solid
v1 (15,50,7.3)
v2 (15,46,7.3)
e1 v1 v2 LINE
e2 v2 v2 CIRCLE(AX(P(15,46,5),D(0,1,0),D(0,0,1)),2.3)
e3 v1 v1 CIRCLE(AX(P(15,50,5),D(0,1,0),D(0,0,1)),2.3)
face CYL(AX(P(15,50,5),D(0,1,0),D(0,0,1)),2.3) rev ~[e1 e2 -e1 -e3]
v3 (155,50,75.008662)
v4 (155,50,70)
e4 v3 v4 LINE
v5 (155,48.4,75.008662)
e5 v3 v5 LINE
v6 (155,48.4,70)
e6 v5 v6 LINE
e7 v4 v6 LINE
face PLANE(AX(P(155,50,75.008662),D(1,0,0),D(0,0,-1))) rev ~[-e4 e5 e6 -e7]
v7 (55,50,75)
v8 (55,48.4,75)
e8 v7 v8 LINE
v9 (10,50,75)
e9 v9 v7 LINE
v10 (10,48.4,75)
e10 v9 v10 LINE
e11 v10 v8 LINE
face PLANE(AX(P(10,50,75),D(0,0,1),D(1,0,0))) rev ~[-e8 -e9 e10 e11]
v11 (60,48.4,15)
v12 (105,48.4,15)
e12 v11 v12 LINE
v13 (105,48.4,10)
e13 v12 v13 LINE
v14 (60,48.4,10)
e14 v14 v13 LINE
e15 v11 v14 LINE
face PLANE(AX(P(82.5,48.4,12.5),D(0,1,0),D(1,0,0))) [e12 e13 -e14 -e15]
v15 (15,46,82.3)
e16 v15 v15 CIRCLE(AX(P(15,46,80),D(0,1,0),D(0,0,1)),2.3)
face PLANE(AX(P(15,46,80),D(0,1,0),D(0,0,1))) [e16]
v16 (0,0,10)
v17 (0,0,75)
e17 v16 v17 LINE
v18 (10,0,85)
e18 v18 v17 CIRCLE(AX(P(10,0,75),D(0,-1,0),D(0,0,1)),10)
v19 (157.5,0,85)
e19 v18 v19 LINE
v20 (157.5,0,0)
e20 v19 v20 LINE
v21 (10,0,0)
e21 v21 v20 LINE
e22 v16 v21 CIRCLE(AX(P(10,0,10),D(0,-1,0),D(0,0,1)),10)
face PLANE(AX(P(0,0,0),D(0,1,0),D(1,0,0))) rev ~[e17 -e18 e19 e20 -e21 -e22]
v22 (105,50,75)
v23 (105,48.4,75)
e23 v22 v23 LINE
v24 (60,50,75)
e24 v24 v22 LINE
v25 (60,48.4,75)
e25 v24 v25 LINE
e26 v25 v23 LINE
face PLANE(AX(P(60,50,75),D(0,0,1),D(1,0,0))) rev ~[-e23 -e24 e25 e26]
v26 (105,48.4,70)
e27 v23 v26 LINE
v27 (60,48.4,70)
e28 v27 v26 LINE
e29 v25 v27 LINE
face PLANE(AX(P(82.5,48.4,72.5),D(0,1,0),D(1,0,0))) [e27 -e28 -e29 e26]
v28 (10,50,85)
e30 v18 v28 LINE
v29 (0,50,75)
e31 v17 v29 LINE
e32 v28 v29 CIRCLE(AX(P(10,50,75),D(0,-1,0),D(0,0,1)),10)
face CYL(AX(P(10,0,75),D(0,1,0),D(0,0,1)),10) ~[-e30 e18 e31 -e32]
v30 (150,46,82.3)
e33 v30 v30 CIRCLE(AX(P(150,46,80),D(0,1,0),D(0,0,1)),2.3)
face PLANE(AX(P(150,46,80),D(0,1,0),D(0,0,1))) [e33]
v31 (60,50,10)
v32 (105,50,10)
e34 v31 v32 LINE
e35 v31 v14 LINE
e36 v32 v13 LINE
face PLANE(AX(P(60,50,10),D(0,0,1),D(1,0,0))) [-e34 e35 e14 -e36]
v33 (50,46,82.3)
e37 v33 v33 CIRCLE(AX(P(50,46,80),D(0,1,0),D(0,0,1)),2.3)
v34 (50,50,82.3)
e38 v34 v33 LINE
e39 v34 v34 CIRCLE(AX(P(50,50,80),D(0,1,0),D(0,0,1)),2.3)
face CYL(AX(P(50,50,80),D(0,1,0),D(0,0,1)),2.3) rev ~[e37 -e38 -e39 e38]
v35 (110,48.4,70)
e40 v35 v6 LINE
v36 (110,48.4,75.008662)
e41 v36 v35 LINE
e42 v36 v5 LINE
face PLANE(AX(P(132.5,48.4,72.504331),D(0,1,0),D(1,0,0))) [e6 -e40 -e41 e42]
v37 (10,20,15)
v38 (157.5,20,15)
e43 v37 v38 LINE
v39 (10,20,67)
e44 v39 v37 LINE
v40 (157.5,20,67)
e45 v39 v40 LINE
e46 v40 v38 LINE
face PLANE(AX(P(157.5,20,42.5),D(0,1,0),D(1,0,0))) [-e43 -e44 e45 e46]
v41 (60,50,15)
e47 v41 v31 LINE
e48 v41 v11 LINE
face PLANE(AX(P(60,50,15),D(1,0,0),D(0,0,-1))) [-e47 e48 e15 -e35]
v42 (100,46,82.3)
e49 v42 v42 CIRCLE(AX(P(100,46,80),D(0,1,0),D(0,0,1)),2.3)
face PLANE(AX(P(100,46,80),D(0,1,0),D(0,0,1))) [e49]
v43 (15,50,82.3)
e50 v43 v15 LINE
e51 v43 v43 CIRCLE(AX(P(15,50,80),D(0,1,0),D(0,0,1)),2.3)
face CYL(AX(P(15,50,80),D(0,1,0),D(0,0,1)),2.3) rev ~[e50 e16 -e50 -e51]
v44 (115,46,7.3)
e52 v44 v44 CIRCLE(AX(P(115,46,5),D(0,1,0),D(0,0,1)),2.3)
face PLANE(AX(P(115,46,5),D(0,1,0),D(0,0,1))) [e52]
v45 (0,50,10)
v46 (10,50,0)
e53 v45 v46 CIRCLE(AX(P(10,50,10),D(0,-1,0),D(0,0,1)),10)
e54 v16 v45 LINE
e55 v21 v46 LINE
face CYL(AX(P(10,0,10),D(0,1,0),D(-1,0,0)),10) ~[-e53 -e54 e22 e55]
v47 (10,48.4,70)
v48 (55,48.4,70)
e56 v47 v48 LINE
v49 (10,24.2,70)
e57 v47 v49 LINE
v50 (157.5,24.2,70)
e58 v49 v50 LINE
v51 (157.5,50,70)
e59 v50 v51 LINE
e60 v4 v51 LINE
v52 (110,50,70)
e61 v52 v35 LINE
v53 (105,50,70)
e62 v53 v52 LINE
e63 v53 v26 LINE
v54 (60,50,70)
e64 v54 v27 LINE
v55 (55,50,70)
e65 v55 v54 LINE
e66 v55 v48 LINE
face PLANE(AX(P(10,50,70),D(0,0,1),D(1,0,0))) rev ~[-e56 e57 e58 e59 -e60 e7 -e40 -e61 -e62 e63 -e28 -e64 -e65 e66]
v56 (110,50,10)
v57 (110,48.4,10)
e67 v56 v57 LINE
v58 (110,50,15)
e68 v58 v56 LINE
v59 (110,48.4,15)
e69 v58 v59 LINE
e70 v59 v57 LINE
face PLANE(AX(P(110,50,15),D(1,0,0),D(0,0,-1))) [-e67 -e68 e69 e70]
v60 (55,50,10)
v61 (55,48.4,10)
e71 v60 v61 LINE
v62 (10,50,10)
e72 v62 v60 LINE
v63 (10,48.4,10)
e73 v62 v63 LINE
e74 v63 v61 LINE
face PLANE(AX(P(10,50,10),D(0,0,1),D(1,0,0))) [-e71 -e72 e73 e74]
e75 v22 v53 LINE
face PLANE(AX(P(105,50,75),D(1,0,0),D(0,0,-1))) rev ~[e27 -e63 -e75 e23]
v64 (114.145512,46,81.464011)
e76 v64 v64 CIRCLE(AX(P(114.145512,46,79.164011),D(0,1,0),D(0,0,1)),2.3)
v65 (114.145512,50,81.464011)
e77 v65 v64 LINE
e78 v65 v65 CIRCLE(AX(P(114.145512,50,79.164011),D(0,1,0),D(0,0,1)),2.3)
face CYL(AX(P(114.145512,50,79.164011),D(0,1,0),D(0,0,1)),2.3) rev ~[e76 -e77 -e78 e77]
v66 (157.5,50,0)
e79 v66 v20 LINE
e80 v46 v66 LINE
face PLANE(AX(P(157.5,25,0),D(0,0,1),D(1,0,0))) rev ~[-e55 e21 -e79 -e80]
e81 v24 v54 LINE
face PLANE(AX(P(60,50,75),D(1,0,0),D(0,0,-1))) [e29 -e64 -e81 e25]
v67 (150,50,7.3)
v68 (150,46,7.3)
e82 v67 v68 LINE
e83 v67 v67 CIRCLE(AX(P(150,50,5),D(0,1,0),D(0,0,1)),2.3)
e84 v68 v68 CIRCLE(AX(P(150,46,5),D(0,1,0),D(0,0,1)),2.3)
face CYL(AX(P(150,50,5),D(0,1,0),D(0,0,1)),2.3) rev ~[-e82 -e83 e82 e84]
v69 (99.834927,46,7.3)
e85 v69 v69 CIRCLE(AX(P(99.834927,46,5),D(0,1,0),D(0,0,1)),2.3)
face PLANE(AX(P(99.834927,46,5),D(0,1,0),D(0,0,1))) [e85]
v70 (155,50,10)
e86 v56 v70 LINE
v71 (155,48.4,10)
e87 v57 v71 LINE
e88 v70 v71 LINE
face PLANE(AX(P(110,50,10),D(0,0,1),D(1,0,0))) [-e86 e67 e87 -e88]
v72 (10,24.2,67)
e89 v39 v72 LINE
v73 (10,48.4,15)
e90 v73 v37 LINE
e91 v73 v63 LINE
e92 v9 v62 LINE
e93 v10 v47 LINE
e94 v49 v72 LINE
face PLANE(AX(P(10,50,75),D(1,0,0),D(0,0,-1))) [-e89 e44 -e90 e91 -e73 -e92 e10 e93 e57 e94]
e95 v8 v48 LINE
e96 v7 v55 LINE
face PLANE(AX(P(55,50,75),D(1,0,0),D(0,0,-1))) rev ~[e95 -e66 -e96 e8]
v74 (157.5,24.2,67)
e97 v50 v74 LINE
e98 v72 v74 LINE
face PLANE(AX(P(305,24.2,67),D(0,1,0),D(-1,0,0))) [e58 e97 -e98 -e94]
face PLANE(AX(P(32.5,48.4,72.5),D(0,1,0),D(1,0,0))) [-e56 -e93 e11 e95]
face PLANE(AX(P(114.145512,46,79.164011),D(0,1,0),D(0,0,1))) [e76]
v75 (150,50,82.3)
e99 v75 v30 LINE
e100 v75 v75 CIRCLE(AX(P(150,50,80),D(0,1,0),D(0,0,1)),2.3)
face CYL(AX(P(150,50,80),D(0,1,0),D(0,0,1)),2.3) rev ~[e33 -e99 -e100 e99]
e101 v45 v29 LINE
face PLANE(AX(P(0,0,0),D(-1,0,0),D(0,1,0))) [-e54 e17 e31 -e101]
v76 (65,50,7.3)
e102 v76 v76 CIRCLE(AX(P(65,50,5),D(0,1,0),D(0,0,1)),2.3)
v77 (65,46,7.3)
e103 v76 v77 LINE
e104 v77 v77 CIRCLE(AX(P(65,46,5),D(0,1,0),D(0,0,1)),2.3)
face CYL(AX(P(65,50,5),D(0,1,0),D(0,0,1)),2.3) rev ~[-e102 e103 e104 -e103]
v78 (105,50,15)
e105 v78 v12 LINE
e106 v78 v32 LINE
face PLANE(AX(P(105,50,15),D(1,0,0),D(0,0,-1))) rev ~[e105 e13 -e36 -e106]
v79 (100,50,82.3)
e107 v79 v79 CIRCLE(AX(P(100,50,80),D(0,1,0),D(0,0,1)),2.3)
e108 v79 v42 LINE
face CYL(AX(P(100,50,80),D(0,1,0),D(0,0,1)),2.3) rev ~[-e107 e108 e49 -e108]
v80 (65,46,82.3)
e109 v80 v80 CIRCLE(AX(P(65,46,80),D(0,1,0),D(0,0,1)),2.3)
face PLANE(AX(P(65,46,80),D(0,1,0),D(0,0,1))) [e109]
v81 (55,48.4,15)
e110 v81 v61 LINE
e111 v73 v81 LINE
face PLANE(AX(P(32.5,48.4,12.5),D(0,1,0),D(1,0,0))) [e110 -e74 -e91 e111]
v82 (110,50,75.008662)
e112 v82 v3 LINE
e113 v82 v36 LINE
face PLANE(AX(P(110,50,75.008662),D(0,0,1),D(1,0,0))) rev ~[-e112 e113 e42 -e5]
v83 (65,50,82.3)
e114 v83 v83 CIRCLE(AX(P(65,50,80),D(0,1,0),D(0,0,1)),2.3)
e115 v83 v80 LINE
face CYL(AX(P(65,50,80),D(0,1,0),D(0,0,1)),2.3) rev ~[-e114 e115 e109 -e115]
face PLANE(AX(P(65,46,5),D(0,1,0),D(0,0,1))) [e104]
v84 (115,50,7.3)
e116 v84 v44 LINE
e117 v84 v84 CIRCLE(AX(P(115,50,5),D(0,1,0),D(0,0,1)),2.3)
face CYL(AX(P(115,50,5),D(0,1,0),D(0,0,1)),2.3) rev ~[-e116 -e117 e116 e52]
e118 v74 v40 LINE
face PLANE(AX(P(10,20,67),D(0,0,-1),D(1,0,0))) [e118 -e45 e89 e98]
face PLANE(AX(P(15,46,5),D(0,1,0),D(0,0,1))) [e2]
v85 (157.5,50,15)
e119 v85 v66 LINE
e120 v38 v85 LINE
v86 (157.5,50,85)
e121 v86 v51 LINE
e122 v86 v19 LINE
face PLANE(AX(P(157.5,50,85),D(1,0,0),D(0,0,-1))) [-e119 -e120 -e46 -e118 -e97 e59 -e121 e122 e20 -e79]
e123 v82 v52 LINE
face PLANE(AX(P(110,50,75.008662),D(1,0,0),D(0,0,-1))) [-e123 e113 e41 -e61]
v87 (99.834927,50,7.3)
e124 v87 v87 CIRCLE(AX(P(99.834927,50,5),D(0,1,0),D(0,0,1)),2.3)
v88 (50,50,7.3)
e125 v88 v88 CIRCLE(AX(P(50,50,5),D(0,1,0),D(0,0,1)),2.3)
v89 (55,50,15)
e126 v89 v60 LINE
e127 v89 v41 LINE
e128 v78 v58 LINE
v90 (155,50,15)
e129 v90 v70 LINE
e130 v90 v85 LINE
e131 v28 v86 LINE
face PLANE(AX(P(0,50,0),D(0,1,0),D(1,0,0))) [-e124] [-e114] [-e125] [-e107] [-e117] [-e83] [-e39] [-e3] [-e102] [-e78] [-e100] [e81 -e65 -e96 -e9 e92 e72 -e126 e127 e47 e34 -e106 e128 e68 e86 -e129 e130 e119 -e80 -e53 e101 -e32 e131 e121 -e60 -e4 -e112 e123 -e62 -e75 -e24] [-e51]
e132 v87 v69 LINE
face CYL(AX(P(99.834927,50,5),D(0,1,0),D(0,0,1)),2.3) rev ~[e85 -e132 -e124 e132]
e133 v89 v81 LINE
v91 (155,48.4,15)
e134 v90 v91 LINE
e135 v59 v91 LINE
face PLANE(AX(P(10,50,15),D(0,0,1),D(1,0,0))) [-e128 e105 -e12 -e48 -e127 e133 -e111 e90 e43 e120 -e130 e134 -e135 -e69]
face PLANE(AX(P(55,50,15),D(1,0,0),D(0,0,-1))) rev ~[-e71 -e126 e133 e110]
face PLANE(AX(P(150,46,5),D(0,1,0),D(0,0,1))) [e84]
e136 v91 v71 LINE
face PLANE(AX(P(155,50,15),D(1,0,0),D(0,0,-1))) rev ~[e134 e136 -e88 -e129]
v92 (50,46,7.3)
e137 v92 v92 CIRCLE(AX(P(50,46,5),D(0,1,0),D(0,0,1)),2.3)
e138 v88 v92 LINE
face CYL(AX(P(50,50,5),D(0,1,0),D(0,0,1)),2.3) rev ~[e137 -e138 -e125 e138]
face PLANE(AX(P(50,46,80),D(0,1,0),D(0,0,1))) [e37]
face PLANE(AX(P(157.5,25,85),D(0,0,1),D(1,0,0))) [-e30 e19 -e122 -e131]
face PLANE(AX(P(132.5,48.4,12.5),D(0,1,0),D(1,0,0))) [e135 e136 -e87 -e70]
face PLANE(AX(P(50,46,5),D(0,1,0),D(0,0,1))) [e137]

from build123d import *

# Parameters (mm, degrees)
SKIZZE2_W                       = 315
SKIZZE2_H                       = 50
AUFSATZ_LINEAR_AUSTRAGEN1_DEPTH = 85
SKIZZE4_W                       = 295
SKIZZE4_H                       = 55
SCHNITT_LINEAR_AUSTRAGEN1_DEPTH = 30
VERRUNDUNG1_R                   = 10
VERRUNDUNG2_R                   = 10
VERRUNDUNG3_R                   = 10
VERRUNDUNG4_R                   = 10
SKIZZE11_W                      = 45
SKIZZE11_H                      = 5
SKIZZE11_H_2                    = 5.008661904
SCHNITT_LINEAR_AUSTRAGEN4_DEPTH = 1.6
SKIZZE13_W                      = 295
SKIZZE13_H                      = 3
AUFSATZ_LINEAR_AUSTRAGEN2_DEPTH = 4.2
SKIZZE14_W                      = 8
SKIZZE14_H                      = 4
SCHNITT_LINEAR_AUSTRAGEN5_DEPTH = 19
SKIZZE15_W                      = 50
SKIZZE15_H                      = 1.5
AUFSATZ_LINEAR_AUSTRAGEN3_DEPTH = 2
SKIZZE16_W                      = 50
SKIZZE16_H                      = 1.5
AUFSATZ_LINEAR_AUSTRAGEN4_DEPTH = 2
SKIZZE17_R                      = 2.3
SCHNITT_LINEAR_AUSTRAGEN6_DEPTH = 4
SKIZZE19_W                      = 182.800022846
SKIZZE19_H                      = 85
SCHNITT_LINEAR_AUSTRAGEN8_DEPTH = 80


with BuildPart() as part:
    # Skizze2 → Aufsatz-Linear austragen1 (new body)
    with BuildSketch(Plane.XY):
        with Locations((157.5, 25)):
            Rectangle(SKIZZE2_W, SKIZZE2_H)
    extrude(amount=AUFSATZ_LINEAR_AUSTRAGEN1_DEPTH)

    # Skizze4 → Schnitt-Linear austragen1 (cut)
    with BuildSketch(Plane(origin=(0, 50, 0), x_dir=(1, 0, 0), z_dir=(0, 1, 0))):
        with Locations((157.5, -42.5)):
            Rectangle(SKIZZE4_W, SKIZZE4_H)
    extrude(amount=-SCHNITT_LINEAR_AUSTRAGEN1_DEPTH, mode=Mode.SUBTRACT)

    # Verrundung1
    verrundung1_edges = [part.edges().sort_by_distance(p)[0] for p in [
        (315, 25, 0),
    ]]
    fillet(verrundung1_edges, radius=VERRUNDUNG1_R)

    # Verrundung2
    verrundung2_edges = [part.edges().sort_by_distance(p)[0] for p in [
        (315, 25, 85),
    ]]
    fillet(verrundung2_edges, radius=VERRUNDUNG2_R)

    # Verrundung3
    verrundung3_edges = [part.edges().sort_by_distance(p)[0] for p in [
        (0, 25, 85),
    ]]
    fillet(verrundung3_edges, radius=VERRUNDUNG3_R)

    # Verrundung4
    verrundung4_edges = [part.edges().sort_by_distance(p)[0] for p in [
        (0, 25, 0),
    ]]
    fillet(verrundung4_edges, radius=VERRUNDUNG4_R)

    # Skizze11 → Schnitt-Linear austragen4 (cut)
    with BuildSketch(Plane(origin=(0, 50, 0), x_dir=(1, 0, 0), z_dir=(0, 1, 0))):
        with Locations((32.5, -12.5)):
            Rectangle(SKIZZE11_W, SKIZZE11_H)
        with Locations((32.5, -72.5)):
            Rectangle(SKIZZE11_W, SKIZZE11_H)
        with Locations((82.5, -72.5)):
            Rectangle(SKIZZE11_W, SKIZZE11_H)
        with Locations((132.5, -72.504330952)):
            Rectangle(SKIZZE11_W, SKIZZE11_H_2)
        with Locations((182.5, -72.504330952)):
            Rectangle(SKIZZE11_W, SKIZZE11_H_2)
        with Locations((232.5, -72.5)):
            Rectangle(SKIZZE11_W, SKIZZE11_H)
        with Locations((282.5, -72.5)):
            Rectangle(SKIZZE11_W, SKIZZE11_H)
        with Locations((282.5, -12.5)):
            Rectangle(SKIZZE11_W, SKIZZE11_H)
        with Locations((232.5, -12.5)):
            Rectangle(SKIZZE11_W, SKIZZE11_H)
        with Locations((182.5, -12.5)):
            Rectangle(SKIZZE11_W, SKIZZE11_H)
        with Locations((132.5, -12.5)):
            Rectangle(SKIZZE11_W, SKIZZE11_H)
        with Locations((82.5, -12.5)):
            Rectangle(SKIZZE11_W, SKIZZE11_H)
    extrude(amount=-SCHNITT_LINEAR_AUSTRAGEN4_DEPTH, mode=Mode.SUBTRACT)

    # Skizze13 → Aufsatz-Linear austragen2 (add)
    with BuildSketch(Plane(origin=(0, 20, 0), x_dir=(1, 0, 0), z_dir=(0, 1, 0))):
        with Locations((157.5, -68.5)):
            Rectangle(SKIZZE13_W, SKIZZE13_H)
    extrude(amount=AUFSATZ_LINEAR_AUSTRAGEN2_DEPTH)

    # Skizze14 → Schnitt-Linear austragen5 (cut)
    with BuildSketch(Plane.ZY.offset(-305)):
        with Locations((35, 24.4)):
            Rectangle(SKIZZE14_W, SKIZZE14_H)
    extrude(amount=-SCHNITT_LINEAR_AUSTRAGEN5_DEPTH, mode=Mode.SUBTRACT)

    # Skizze15 → Aufsatz-Linear austragen3 (add)
    with BuildSketch(Plane.XY.offset(15)):
        with Locations((280, 23.45)):
            Rectangle(SKIZZE15_W, SKIZZE15_H)
    extrude(amount=AUFSATZ_LINEAR_AUSTRAGEN3_DEPTH)

    # Skizze16 → Aufsatz-Linear austragen4 (add)
    with BuildSketch(Plane(origin=(0, 0, 67), x_dir=(-1, 0, 0), z_dir=(0, 0, -1))):
        with Locations((-280, 23.45)):
            Rectangle(SKIZZE16_W, SKIZZE16_H)
    extrude(amount=AUFSATZ_LINEAR_AUSTRAGEN4_DEPTH)

    # Skizze17 → Schnitt-Linear austragen6 (cut)
    with BuildSketch(Plane(origin=(0, 50, 0), x_dir=(1, 0, 0), z_dir=(0, 1, 0))):
        with Locations(Location((50, -80, 0), (0, 0, 270))):
            Circle(SKIZZE17_R)
        with Locations(Location((15, -80, 0), (0, 0, 270))):
            Circle(SKIZZE17_R)
        with Locations(Location((15, -5, 0), (0, 0, 270))):
            Circle(SKIZZE17_R)
        with Locations(Location((50, -5, 0), (0, 0, 270))):
            Circle(SKIZZE17_R)
        with Locations(Location((65, -5, 0), (0, 0, 270))):
            Circle(SKIZZE17_R)
        with Locations(Location((99.834927097, -5, 0), (0, 0, 270))):
            Circle(SKIZZE17_R)
        with Locations(Location((65, -80, 0), (0, 0, 270))):
            Circle(SKIZZE17_R)
        with Locations(Location((100, -80, 0), (0, 0, 270))):
            Circle(SKIZZE17_R)
        with Locations(Location((114.145512134, -79.164010762, 0), (0, 0, 270))):
            Circle(SKIZZE17_R)
        with Locations(Location((150, -80, 0), (0, 0, 270))):
            Circle(SKIZZE17_R)
        with Locations(Location((165, -80, 0), (0, 0, 270))):
            Circle(SKIZZE17_R)
        with Locations(Location((200, -80, 0), (0, 0, 270))):
            Circle(SKIZZE17_R)
        with Locations(Location((215, -80, 0), (0, 0, 270))):
            Circle(SKIZZE17_R)
        with Locations(Location((250, -80, 0), (0, 0, 270))):
            Circle(SKIZZE17_R)
        with Locations(Location((265, -80, 0), (0, 0, 270))):
            Circle(SKIZZE17_R)
        with Locations(Location((300, -80, 0), (0, 0, 270))):
            Circle(SKIZZE17_R)
        with Locations(Location((300, -5, 0), (0, 0, 270))):
            Circle(SKIZZE17_R)
        with Locations(Location((265, -5, 0), (0, 0, 270))):
            Circle(SKIZZE17_R)
        with Locations(Location((250, -5, 0), (0, 0, 270))):
            Circle(SKIZZE17_R)
        with Locations(Location((215, -5, 0), (0, 0, 270))):
            Circle(SKIZZE17_R)
        with Locations(Location((200, -5, 0), (0, 0, 270))):
            Circle(SKIZZE17_R)
        with Locations(Location((165, -5, 0), (0, 0, 270))):
            Circle(SKIZZE17_R)
        with Locations(Location((150, -5, 0), (0, 0, 270))):
            Circle(SKIZZE17_R)
        with Locations(Location((115, -5, 0), (0, 0, 270))):
            Circle(SKIZZE17_R)
    extrude(amount=-SCHNITT_LINEAR_AUSTRAGEN6_DEPTH, mode=Mode.SUBTRACT)

    # Skizze19 → Schnitt-Linear austragen8 (cut)
    with BuildSketch(Plane(origin=(0, 50, 0), x_dir=(1, 0, 0), z_dir=(0, 1, 0))):
        with Locations((248.900011423, -42.5)):
            Rectangle(SKIZZE19_W, SKIZZE19_H)
    extrude(amount=-SCHNITT_LINEAR_AUSTRAGEN8_DEPTH, mode=Mode.SUBTRACT)


solid = part.part
